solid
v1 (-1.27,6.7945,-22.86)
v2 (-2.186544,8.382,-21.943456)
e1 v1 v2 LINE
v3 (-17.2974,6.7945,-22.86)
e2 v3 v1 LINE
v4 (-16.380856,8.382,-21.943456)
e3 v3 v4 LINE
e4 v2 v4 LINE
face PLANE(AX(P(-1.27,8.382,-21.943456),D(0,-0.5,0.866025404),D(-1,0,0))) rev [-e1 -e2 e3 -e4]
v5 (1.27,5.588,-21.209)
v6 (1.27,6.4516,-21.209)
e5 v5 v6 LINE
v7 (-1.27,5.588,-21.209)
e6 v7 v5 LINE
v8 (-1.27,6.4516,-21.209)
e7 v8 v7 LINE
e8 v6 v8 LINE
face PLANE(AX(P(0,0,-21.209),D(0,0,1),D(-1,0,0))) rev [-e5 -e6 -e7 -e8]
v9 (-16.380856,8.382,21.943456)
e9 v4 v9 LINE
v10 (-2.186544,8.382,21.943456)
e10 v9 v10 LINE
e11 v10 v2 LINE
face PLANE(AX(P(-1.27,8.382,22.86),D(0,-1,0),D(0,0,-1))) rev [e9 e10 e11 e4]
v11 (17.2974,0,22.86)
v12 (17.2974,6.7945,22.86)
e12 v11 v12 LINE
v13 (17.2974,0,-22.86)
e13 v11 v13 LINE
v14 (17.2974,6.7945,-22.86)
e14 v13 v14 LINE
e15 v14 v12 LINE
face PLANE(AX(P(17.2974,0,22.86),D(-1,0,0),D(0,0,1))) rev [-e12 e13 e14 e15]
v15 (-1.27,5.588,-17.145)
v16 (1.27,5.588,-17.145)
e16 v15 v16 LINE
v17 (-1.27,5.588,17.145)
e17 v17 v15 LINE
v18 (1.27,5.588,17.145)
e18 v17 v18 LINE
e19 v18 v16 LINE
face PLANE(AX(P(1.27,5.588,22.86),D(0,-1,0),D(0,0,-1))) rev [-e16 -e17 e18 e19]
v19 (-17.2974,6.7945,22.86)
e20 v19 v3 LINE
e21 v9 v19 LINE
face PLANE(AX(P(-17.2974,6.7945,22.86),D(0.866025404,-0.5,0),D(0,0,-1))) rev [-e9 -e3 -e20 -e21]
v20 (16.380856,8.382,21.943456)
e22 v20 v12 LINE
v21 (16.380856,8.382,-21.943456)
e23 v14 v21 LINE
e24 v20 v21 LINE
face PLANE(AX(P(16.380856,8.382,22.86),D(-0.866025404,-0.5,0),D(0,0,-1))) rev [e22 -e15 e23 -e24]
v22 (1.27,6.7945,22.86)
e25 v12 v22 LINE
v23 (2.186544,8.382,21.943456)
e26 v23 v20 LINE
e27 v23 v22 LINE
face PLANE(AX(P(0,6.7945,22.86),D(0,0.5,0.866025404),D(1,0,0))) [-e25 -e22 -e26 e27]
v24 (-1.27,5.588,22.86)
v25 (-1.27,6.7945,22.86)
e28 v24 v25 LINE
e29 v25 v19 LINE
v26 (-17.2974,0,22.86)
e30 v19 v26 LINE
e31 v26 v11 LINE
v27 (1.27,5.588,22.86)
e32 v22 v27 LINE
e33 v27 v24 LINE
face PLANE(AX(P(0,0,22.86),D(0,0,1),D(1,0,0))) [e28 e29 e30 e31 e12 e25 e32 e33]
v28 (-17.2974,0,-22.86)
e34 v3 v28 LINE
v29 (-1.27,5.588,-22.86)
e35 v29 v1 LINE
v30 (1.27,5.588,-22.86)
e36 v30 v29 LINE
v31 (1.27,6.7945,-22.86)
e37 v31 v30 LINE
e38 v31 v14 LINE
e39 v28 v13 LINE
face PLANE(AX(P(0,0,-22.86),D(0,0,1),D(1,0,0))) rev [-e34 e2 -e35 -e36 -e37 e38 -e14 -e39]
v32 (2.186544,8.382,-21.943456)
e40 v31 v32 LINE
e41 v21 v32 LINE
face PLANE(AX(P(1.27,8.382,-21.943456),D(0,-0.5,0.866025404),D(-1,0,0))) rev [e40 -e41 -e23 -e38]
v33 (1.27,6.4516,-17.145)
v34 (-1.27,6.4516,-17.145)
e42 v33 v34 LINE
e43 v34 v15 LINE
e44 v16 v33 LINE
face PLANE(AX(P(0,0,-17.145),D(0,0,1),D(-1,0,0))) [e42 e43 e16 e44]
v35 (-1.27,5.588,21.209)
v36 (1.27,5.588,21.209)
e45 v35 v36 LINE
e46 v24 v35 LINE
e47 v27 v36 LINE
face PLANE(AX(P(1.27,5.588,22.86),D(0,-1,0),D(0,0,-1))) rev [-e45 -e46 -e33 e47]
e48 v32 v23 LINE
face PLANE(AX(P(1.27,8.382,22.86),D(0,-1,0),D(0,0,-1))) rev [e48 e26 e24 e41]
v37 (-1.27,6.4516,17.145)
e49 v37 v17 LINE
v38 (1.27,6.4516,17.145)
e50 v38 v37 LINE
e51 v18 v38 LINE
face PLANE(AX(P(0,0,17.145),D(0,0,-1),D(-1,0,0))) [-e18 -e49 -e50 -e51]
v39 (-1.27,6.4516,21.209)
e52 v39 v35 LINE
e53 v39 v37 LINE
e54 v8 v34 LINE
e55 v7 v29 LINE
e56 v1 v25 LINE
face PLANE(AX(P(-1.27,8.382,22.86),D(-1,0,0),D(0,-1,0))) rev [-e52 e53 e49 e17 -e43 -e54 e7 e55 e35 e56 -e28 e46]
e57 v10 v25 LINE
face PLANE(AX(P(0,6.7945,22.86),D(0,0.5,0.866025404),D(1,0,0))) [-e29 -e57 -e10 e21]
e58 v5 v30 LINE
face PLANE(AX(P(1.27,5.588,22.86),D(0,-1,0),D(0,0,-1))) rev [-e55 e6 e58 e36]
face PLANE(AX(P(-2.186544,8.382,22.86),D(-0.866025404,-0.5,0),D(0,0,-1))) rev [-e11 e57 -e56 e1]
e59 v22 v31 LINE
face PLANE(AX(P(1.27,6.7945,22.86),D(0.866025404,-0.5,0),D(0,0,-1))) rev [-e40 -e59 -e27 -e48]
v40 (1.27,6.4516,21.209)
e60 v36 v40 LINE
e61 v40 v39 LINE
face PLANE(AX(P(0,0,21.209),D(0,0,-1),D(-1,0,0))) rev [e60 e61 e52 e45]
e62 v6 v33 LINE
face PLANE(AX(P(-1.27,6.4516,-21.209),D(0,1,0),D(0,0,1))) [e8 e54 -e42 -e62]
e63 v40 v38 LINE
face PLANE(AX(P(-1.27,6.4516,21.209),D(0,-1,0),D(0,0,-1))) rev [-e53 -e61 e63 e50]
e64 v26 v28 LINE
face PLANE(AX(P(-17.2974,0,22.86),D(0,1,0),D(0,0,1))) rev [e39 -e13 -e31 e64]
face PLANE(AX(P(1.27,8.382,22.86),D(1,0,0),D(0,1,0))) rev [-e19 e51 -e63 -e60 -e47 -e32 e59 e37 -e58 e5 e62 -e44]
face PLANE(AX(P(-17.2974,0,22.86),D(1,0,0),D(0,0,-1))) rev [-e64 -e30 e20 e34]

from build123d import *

# Parameters (mm, degrees)
BOSS_EXTRUDE1_DEPTH   = 22.86
CHAMFER1_SIZE         = 1.5875
CHAMFER1_SIZE2        = 0.916543552
CHAMFER1_PART_2_SIZE  = 1.5875
CHAMFER1_PART_2_SIZE2 = 0.916543552
CHAMFER1_PART_3_SIZE  = 1.5875
CHAMFER1_PART_3_SIZE2 = 0.916543552
CHAMFER1_PART_4_SIZE  = 1.5875
CHAMFER1_PART_4_SIZE2 = 0.916543552
CHAMFER1_PART_5_SIZE  = 1.5875
CHAMFER1_PART_5_SIZE2 = 0.916543552
CHAMFER1_PART_6_SIZE  = 1.5875
CHAMFER1_PART_6_SIZE2 = 0.916543552
BOSS_EXTRUDE2_START   = 17.145
SKETCH2_W             = 2.54
SKETCH2_H             = 0.8636
BOSS_EXTRUDE2_DEPTH   = 4.064


with BuildPart() as part:
    # Sketch1 → Boss-Extrude1 (new body, symmetric)
    with BuildSketch(Plane.XY):
        Polygon((-17.2974, 0), (17.2974, 0), (17.2974, 8.382), (1.27, 8.382), (1.27, 5.588), (-1.27, 5.588), (-1.27, 8.382), (-17.2974, 8.382), align=None)
    extrude(amount=BOSS_EXTRUDE1_DEPTH, both=True)

    # Chamfer1
    chamfer1_edges = [part.edges().sort_by_distance(p)[0] for p in [
        (9.2837, 8.382, -22.86),
        (-9.2837, 8.382, -22.86),
    ]]
    chamfer1_side = [part.faces().sort_by_distance(p)[0] for p in [
        (0, 4.120904666, -22.86),
    ]]
    chamfer(chamfer1_edges, length=CHAMFER1_SIZE, length2=CHAMFER1_SIZE2, reference=chamfer1_side[0])

    # Chamfer1 part 2
    chamfer1_part_2_edges = [part.edges().sort_by_distance(p)[0] for p in [
        (17.2974, 8.382, 0),
    ]]
    chamfer1_part_2_side = [part.faces().sort_by_distance(p)[0] for p in [
        (17.2974, 4.191, 0),
    ]]
    chamfer(chamfer1_part_2_edges, length=CHAMFER1_PART_2_SIZE, length2=CHAMFER1_PART_2_SIZE2, reference=chamfer1_part_2_side[0])

    # Chamfer1 part 3
    chamfer1_part_3_edges = [part.edges().sort_by_distance(p)[0] for p in [
        (-17.2974, 8.382, 0),
    ]]
    chamfer1_part_3_side = [part.faces().sort_by_distance(p)[0] for p in [
        (-17.2974, 4.191, 0),
    ]]
    chamfer(chamfer1_part_3_edges, length=CHAMFER1_PART_3_SIZE, length2=CHAMFER1_PART_3_SIZE2, reference=chamfer1_part_3_side[0])

    # Chamfer1 part 4
    chamfer1_part_4_edges = [part.edges().sort_by_distance(p)[0] for p in [
        (-1.27, 8.382, 0),
    ]]
    chamfer1_part_4_side = [part.faces().sort_by_distance(p)[0] for p in [
        (-1.27, 6.985, 0),
    ]]
    chamfer(chamfer1_part_4_edges, length=CHAMFER1_PART_4_SIZE, length2=CHAMFER1_PART_4_SIZE2, reference=chamfer1_part_4_side[0])

    # Chamfer1 part 5
    chamfer1_part_5_edges = [part.edges().sort_by_distance(p)[0] for p in [
        (1.27, 8.382, 0),
    ]]
    chamfer1_part_5_side = [part.faces().sort_by_distance(p)[0] for p in [
        (1.27, 6.985, 0),
    ]]
    chamfer(chamfer1_part_5_edges, length=CHAMFER1_PART_5_SIZE, length2=CHAMFER1_PART_5_SIZE2, reference=chamfer1_part_5_side[0])

    # Chamfer1 part 6
    chamfer1_part_6_edges = [part.edges().sort_by_distance(p)[0] for p in [
        (-9.2837, 8.382, 22.86),
        (9.2837, 8.382, 22.86),
    ]]
    chamfer1_part_6_side = [part.faces().sort_by_distance(p)[0] for p in [
        (0, 4.120904666, 22.86),
    ]]
    chamfer(chamfer1_part_6_edges, length=CHAMFER1_PART_6_SIZE, length2=CHAMFER1_PART_6_SIZE2, reference=chamfer1_part_6_side[0])

    # Sketch2 → Boss-Extrude2 (add)
    with BuildSketch(Plane.XY.offset(BOSS_EXTRUDE2_START)):
        with Locations((0, 6.0198)):
            Rectangle(SKETCH2_W, SKETCH2_H)
    boss_extrude2 = extrude(amount=BOSS_EXTRUDE2_DEPTH)

    # Mirror1: Boss-Extrude2 across plane
    add(boss_extrude2.mirror(Plane.XY))


solid = part.part
